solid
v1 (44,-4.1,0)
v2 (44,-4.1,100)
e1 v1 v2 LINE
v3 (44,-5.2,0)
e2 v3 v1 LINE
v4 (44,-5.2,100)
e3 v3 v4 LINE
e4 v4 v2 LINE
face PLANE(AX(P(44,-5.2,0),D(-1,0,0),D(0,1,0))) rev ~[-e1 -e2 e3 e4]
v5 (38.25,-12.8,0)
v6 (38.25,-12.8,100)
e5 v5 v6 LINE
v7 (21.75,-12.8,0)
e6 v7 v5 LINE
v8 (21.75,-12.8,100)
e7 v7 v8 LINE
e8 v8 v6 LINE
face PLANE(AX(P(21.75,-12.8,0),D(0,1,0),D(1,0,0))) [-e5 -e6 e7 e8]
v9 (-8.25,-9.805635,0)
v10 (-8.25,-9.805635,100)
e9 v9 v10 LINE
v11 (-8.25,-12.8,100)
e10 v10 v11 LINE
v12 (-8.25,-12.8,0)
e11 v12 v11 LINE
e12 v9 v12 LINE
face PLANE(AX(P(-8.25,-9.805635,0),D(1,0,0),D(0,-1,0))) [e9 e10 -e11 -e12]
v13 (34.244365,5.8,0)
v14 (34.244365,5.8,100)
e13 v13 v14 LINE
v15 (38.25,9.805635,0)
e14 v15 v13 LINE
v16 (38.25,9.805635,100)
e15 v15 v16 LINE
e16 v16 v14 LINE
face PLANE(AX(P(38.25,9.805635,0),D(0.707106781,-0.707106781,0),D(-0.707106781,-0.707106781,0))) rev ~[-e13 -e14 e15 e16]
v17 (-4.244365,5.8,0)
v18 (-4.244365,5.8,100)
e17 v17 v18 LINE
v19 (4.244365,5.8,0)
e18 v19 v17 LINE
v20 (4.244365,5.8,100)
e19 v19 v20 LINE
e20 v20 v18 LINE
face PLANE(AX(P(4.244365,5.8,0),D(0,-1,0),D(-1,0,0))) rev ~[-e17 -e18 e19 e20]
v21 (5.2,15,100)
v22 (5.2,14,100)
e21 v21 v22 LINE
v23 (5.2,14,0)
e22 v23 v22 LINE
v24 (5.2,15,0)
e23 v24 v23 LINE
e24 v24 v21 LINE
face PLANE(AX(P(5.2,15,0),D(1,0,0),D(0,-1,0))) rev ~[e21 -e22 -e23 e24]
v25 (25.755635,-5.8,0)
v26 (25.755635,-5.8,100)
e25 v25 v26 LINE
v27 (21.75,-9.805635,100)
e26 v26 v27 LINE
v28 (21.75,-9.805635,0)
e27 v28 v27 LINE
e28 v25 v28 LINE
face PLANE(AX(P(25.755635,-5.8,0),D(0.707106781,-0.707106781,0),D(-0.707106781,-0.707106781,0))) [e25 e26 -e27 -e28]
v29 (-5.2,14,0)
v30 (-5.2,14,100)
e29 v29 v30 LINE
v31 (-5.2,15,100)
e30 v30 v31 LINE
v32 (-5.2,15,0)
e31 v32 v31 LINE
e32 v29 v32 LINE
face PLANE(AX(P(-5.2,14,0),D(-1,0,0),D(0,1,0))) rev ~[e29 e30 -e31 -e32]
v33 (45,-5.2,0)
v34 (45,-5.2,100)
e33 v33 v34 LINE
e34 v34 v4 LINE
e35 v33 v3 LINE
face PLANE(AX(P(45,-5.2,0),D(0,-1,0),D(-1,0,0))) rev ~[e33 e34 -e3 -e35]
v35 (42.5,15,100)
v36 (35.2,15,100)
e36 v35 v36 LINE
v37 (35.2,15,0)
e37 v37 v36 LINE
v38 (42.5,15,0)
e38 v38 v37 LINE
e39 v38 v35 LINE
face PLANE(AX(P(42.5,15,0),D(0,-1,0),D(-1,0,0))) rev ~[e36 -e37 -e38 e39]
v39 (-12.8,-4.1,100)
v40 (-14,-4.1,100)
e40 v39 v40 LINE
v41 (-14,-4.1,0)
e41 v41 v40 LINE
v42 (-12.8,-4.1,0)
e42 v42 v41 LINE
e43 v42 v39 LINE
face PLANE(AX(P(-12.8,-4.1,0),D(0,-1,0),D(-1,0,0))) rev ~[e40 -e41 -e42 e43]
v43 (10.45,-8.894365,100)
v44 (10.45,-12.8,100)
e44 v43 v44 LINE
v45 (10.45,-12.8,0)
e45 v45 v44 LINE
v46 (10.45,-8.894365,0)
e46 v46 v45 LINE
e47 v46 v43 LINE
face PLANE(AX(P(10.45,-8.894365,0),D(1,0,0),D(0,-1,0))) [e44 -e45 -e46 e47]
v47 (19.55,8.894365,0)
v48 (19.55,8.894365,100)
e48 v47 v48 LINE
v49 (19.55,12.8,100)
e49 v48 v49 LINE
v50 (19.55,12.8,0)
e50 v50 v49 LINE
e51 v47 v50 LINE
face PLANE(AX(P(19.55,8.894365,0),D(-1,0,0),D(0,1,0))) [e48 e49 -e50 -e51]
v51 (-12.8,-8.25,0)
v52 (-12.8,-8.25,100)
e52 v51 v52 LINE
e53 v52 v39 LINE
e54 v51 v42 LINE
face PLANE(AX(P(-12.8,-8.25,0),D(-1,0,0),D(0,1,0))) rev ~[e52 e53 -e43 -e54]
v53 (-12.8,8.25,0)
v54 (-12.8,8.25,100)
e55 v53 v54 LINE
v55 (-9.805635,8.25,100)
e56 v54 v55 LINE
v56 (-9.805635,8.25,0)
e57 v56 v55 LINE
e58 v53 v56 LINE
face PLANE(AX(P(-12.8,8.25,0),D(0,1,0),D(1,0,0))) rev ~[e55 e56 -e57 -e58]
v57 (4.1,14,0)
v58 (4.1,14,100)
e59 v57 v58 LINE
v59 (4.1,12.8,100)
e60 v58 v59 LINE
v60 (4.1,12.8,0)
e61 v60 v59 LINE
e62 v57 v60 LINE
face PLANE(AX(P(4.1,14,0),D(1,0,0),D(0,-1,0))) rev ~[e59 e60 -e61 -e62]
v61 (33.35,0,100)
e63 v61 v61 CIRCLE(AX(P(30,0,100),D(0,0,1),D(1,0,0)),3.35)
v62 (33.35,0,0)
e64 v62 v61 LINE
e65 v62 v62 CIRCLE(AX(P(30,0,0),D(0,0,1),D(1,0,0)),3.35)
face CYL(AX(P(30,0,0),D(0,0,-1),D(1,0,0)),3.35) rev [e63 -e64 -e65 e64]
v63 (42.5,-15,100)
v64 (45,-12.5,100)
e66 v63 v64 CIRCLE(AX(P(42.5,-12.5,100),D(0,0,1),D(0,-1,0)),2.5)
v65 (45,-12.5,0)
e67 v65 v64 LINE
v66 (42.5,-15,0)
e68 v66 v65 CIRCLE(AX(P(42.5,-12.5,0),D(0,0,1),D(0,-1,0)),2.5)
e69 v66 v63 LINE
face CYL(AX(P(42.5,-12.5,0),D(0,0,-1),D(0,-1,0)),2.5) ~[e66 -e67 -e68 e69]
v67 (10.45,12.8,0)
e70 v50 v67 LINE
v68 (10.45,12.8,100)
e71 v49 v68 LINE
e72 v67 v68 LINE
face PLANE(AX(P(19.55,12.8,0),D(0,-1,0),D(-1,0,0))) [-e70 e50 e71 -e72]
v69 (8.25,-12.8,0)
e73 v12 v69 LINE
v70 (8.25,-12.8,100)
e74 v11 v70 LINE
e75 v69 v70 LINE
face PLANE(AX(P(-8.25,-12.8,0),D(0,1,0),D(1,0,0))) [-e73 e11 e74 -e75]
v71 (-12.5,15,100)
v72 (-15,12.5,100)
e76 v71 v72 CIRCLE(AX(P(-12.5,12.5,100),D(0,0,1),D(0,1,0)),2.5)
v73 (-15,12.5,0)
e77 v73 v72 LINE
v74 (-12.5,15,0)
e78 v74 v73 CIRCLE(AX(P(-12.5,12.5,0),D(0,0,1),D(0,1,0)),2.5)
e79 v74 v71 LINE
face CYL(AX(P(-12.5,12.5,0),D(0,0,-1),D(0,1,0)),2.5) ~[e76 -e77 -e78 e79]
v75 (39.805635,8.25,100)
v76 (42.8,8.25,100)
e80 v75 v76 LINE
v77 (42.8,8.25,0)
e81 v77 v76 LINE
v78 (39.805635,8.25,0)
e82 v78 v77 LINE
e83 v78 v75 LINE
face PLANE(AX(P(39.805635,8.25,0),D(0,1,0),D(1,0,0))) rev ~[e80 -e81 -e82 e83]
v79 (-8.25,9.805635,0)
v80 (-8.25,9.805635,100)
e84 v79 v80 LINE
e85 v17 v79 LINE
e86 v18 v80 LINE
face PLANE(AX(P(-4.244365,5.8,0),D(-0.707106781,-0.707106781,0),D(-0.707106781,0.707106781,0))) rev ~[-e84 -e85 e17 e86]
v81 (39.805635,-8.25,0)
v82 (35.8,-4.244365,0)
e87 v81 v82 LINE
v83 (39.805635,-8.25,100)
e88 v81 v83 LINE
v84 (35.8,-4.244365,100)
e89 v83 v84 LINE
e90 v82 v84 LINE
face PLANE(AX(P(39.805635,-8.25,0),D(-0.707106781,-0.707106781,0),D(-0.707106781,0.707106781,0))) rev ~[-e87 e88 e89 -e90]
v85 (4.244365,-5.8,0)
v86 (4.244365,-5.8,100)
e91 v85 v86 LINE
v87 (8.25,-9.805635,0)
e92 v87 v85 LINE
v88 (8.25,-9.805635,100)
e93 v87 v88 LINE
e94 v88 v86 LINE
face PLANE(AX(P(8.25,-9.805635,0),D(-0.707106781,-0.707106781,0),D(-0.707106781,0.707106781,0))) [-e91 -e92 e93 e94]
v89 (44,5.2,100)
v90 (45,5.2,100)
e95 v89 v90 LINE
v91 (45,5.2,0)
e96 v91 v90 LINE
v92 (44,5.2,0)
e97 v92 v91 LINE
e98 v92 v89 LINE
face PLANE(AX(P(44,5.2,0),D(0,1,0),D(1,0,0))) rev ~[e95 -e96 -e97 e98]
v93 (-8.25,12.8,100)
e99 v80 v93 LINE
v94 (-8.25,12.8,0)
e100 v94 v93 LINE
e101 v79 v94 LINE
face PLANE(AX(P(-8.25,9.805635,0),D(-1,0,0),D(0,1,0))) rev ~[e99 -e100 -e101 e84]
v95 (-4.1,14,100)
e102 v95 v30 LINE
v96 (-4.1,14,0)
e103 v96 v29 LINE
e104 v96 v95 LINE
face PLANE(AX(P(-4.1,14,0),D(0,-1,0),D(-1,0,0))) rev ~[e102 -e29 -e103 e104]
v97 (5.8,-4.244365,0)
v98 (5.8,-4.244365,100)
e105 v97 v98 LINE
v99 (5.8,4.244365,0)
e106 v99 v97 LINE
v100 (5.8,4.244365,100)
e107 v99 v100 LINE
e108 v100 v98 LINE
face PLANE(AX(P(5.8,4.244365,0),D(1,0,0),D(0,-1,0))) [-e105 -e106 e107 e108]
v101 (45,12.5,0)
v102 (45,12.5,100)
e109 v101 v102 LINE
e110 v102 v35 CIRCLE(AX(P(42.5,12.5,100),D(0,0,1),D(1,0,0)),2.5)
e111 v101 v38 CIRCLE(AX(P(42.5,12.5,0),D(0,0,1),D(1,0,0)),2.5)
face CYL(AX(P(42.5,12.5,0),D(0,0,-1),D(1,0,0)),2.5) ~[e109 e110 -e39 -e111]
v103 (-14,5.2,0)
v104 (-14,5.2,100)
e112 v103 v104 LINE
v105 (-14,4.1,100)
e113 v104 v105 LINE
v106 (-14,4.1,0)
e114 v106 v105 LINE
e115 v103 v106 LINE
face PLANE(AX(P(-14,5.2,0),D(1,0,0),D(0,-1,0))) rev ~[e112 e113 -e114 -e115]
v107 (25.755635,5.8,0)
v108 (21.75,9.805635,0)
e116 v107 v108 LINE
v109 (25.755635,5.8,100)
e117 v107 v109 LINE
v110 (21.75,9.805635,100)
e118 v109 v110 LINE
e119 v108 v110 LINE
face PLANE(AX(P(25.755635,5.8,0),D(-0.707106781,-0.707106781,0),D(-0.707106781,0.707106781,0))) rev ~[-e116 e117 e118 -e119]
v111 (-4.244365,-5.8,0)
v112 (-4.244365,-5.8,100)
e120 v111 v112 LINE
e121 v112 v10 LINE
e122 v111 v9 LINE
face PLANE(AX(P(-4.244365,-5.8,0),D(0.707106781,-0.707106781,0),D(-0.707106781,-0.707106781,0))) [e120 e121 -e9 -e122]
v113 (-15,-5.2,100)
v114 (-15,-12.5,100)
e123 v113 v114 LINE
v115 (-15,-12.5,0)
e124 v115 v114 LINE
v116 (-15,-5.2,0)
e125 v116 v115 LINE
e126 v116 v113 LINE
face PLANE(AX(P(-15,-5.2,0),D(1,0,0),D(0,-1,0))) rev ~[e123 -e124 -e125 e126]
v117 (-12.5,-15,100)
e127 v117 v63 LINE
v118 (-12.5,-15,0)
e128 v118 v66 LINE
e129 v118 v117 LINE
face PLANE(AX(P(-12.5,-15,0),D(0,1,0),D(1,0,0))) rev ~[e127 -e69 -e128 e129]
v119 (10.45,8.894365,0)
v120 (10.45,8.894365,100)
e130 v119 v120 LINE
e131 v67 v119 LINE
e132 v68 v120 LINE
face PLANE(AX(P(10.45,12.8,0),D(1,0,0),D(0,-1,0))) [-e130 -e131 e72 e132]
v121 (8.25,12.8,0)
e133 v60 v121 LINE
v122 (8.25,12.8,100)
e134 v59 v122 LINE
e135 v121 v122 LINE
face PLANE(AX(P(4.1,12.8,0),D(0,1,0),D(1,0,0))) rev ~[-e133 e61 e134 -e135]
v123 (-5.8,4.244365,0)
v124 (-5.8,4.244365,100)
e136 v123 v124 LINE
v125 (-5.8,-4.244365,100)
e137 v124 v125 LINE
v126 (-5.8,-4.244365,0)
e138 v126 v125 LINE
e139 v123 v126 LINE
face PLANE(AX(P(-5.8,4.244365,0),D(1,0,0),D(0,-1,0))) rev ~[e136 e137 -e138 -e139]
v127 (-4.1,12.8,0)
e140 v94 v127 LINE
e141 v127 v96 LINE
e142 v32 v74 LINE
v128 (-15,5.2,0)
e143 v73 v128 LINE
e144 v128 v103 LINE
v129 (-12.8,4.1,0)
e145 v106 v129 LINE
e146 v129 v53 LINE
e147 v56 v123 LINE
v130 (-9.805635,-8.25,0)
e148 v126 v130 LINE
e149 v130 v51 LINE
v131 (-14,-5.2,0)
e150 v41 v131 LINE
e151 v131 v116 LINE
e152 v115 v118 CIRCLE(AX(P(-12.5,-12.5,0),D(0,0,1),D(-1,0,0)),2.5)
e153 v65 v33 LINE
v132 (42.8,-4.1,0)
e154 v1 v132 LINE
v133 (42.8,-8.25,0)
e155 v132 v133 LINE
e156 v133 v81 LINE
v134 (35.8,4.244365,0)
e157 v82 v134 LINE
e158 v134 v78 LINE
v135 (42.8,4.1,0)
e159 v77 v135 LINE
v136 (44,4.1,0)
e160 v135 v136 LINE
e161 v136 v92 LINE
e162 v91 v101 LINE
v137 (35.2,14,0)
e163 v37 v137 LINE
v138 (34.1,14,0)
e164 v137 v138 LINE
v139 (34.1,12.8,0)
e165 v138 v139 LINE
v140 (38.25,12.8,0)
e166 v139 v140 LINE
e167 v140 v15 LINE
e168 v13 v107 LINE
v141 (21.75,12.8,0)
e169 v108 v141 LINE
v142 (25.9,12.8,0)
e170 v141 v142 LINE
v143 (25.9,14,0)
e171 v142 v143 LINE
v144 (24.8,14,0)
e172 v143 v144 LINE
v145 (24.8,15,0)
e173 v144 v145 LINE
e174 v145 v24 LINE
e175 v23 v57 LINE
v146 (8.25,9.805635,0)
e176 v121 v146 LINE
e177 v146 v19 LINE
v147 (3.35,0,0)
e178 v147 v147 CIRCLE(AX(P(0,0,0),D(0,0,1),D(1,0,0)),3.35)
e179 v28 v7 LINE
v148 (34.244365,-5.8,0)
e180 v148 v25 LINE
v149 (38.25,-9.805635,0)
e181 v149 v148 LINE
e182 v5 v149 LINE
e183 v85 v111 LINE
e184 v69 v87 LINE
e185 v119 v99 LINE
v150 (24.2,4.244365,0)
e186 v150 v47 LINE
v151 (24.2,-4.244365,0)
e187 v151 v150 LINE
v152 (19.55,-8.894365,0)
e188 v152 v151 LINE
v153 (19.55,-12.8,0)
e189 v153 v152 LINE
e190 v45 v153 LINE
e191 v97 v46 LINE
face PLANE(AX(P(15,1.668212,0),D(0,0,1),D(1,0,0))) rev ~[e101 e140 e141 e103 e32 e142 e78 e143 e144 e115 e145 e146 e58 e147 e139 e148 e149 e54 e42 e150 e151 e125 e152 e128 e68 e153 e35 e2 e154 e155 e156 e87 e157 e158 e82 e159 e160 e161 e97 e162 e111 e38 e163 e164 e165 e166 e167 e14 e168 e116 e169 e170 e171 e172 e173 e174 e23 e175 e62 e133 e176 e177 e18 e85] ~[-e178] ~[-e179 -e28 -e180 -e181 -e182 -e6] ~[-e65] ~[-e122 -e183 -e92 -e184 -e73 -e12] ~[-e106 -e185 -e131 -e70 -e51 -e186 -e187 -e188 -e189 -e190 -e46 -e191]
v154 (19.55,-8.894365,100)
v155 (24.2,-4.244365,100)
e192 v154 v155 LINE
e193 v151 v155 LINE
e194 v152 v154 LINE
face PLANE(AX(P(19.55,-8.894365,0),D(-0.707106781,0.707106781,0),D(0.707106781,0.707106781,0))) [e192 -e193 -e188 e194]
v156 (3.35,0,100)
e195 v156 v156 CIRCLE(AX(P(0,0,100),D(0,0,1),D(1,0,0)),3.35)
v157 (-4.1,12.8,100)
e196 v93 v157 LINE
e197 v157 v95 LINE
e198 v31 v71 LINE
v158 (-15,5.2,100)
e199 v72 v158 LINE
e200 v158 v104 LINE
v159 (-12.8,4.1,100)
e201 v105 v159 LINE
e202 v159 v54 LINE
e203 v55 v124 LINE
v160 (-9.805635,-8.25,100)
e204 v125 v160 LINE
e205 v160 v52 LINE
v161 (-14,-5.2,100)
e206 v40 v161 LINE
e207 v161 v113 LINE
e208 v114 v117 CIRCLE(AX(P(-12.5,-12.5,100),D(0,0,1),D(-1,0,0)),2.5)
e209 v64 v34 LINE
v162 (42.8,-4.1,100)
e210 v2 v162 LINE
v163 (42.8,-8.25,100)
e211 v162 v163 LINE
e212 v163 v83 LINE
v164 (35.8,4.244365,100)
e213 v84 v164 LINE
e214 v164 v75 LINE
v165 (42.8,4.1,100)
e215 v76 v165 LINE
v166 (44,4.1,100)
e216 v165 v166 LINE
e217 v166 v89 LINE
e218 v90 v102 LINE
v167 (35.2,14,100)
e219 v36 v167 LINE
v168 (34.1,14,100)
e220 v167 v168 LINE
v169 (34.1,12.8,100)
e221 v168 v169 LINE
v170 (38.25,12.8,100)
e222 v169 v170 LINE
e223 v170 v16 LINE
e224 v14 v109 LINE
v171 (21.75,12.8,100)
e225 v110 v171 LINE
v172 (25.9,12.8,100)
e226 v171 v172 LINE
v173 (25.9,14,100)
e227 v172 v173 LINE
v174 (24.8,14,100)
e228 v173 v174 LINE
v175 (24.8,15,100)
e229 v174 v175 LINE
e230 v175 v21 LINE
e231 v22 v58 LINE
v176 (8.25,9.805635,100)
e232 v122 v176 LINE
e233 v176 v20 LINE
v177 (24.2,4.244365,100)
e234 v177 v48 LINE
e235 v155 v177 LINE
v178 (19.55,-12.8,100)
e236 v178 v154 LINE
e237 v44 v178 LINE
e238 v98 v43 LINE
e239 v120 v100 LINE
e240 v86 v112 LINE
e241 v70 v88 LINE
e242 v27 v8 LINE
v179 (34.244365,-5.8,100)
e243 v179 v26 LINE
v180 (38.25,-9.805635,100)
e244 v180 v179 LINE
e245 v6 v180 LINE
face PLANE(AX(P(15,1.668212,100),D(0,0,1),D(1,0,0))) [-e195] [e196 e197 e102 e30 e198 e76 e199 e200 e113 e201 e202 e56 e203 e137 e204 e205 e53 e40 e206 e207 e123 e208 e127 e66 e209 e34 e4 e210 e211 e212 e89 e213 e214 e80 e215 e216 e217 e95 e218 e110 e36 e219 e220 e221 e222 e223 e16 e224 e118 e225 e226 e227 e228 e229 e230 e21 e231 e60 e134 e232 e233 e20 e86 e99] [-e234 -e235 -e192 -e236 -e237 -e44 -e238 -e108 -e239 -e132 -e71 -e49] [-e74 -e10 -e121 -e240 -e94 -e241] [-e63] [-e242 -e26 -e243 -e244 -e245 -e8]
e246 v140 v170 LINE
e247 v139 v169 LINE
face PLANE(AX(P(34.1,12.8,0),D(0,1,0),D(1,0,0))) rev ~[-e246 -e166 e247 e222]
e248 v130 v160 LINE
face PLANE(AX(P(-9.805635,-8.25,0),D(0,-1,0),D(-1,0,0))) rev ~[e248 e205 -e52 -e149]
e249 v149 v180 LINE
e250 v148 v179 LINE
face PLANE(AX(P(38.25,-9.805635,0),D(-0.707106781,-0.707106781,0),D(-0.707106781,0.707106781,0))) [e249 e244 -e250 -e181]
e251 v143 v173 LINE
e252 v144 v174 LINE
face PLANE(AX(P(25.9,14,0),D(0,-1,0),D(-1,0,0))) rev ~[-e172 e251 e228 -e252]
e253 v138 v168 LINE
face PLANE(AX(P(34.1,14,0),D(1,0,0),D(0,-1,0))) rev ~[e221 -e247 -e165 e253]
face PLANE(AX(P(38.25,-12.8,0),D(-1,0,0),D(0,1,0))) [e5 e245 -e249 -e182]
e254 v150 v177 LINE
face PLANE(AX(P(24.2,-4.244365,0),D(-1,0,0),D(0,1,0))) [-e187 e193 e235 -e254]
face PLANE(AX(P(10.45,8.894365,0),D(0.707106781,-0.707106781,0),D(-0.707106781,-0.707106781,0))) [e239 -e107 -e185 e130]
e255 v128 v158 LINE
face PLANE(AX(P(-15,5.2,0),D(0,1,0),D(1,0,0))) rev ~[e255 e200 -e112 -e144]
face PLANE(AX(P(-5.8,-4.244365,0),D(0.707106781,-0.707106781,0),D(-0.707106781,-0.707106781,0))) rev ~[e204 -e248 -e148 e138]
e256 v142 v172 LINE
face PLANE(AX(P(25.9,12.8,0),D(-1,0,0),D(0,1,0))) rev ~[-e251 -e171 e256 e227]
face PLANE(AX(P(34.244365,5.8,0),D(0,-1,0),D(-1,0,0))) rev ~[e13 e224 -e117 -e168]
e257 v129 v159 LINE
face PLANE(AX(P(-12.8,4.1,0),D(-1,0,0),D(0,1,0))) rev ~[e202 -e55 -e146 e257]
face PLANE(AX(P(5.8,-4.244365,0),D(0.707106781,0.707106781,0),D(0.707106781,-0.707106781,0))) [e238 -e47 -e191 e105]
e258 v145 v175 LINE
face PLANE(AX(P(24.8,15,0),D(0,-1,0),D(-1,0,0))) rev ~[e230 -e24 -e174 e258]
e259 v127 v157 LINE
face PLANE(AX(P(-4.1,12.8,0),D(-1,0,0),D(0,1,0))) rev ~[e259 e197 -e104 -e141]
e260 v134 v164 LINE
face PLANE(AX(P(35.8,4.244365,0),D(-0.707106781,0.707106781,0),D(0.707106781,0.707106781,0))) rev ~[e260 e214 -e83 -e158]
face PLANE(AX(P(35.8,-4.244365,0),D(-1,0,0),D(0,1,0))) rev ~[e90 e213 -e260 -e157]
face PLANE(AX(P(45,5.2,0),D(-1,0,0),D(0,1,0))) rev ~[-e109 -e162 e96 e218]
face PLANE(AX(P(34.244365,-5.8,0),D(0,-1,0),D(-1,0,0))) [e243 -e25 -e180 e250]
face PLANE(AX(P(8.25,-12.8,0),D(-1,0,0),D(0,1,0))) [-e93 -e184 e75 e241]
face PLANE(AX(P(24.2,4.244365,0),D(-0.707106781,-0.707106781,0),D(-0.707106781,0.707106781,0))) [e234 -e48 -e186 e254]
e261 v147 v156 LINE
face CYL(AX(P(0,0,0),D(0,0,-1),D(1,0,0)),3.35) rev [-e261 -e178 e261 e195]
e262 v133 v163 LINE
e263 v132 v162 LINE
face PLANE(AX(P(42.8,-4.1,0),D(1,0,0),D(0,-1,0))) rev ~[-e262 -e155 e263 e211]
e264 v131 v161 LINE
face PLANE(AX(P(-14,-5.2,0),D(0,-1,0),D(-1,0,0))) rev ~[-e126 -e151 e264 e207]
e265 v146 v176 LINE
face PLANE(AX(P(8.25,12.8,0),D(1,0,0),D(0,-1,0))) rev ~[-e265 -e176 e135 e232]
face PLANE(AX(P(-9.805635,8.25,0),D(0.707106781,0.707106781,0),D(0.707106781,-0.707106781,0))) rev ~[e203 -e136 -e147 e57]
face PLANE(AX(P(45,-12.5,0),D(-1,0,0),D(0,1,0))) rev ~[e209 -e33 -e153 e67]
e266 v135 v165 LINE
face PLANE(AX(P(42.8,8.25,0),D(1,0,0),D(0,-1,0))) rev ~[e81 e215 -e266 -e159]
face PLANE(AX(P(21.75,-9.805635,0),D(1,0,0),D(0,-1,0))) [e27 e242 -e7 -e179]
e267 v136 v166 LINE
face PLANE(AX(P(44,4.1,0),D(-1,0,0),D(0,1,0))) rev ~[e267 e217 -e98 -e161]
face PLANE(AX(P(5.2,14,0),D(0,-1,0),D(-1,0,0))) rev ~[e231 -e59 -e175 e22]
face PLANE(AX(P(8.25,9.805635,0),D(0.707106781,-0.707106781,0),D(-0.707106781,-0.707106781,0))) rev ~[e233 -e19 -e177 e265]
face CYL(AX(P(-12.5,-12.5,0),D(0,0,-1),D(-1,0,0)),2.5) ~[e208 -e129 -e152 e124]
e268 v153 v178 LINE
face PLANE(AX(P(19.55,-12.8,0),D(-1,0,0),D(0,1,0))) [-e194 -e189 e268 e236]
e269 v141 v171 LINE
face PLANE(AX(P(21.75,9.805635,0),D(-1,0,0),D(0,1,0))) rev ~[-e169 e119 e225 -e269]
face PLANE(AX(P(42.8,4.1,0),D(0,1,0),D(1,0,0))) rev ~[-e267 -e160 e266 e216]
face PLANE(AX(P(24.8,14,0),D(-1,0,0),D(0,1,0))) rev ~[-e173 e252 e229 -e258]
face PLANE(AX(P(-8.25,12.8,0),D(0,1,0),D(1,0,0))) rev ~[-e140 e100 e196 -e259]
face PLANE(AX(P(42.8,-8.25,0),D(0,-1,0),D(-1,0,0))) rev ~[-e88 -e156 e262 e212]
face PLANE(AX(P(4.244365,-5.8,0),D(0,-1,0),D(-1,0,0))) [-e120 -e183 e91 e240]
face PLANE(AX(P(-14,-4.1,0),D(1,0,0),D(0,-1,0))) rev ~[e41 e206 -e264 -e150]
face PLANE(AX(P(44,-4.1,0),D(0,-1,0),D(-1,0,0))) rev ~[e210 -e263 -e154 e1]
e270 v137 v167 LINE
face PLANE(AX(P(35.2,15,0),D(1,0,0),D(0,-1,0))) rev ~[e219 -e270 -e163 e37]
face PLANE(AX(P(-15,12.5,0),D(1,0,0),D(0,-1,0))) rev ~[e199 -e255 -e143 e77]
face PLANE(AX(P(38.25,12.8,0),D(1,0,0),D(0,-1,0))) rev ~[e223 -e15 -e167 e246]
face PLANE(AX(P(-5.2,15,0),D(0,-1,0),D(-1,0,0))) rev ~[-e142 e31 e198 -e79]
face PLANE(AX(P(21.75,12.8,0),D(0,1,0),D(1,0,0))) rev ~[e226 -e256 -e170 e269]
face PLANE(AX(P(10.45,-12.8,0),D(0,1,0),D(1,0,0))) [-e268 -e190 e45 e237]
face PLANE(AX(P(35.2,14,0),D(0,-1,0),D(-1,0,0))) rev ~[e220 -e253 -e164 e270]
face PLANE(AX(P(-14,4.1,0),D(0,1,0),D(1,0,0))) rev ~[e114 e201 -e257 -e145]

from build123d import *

# Parameters (mm, degrees)
SKETCH_1_R      = 3.35
EXTRUDE_1_DEPTH = 100


with BuildPart() as part:
    # 草图1 → 凸台-拉伸1 (new body)
    with BuildSketch(Plane.XY):
        with BuildLine():
            Line((-5.8, -4.244365081), (-9.805634919, -8.25))
            Line((-9.805634919, -8.25), (-12.8, -8.25))
            Line((-12.8, -8.25), (-12.8, -4.1))
            Line((-12.8, -4.1), (-14, -4.1))
            Line((-14, -4.1), (-14, -5.2))
            Line((-14, -5.2), (-15, -5.2))
            Line((-15, -5.2), (-15, -12.5))
            ThreePointArc((-15, -12.5), (-14.267766953, -14.267766953), (-12.5, -15))
            Line((-12.5, -15), (42.5, -15))
            ThreePointArc((42.5, -15), (44.267766953, -14.267766953), (45, -12.5))
            Line((45, -12.5), (45, -5.2))
            Line((45, -5.2), (44, -5.2))
            Line((44, -5.2), (44, -4.1))
            Line((44, -4.1), (42.8, -4.1))
            Line((42.8, -4.1), (42.8, -8.25))
            Line((42.8, -8.25), (39.805634919, -8.25))
            Line((39.805634919, -8.25), (35.8, -4.244365081))
            Line((35.8, -4.244365081), (35.8, 4.244365081))
            Line((35.8, 4.244365081), (39.805634919, 8.25))
            Line((39.805634919, 8.25), (42.8, 8.25))
            Line((42.8, 8.25), (42.8, 4.1))
            Line((42.8, 4.1), (44, 4.1))
            Line((44, 4.1), (44, 5.2))
            Line((44, 5.2), (45, 5.2))
            Line((45, 5.2), (45, 12.5))
            ThreePointArc((45, 12.5), (44.267766953, 14.267766953), (42.5, 15))
            Line((42.5, 15), (35.2, 15))
            Line((35.2, 15), (35.2, 14))
            Line((35.2, 14), (34.1, 14))
            Line((34.1, 14), (34.1, 12.8))
            Line((34.1, 12.8), (38.25, 12.8))
            Line((38.25, 12.8), (38.25, 9.805634919))
            Line((38.25, 9.805634919), (34.244365081, 5.8))
            Line((34.244365081, 5.8), (25.755634919, 5.8))
            Line((25.755634919, 5.8), (21.75, 9.805634919))
            Line((21.75, 9.805634919), (21.75, 12.8))
            Line((21.75, 12.8), (25.9, 12.8))
            Line((25.9, 12.8), (25.9, 14))
            Line((25.9, 14), (24.8, 14))
            Line((24.8, 14), (24.8, 15))
            Line((24.8, 15), (5.2, 15))
            Line((5.2, 15), (5.2, 14))
            Line((5.2, 14), (4.1, 14))
            Line((4.1, 14), (4.1, 12.8))
            Line((4.1, 12.8), (8.25, 12.8))
            Line((8.25, 12.8), (8.25, 9.805634919))
            Line((8.25, 9.805634919), (4.244365081, 5.8))
            Line((4.244365081, 5.8), (-4.244365081, 5.8))
            Line((-4.244365081, 5.8), (-8.25, 9.805634919))
            Line((-8.25, 9.805634919), (-8.25, 12.8))
            Line((-8.25, 12.8), (-4.1, 12.8))
            Line((-4.1, 12.8), (-4.1, 14))
            Line((-4.1, 14), (-5.2, 14))
            Line((-5.2, 14), (-5.2, 15))
            Line((-5.2, 15), (-12.5, 15))
            ThreePointArc((-12.5, 15), (-14.267766953, 14.267766953), (-15, 12.5))
            Line((-15, 12.5), (-15, 5.2))
            Line((-15, 5.2), (-14, 5.2))
            Line((-14, 5.2), (-14, 4.1))
            Line((-14, 4.1), (-12.8, 4.1))
            Line((-12.8, 4.1), (-12.8, 8.25))
            Line((-12.8, 8.25), (-9.805634919, 8.25))
            Line((-9.805634919, 8.25), (-5.8, 4.244365081))
            Line((-5.8, 4.244365081), (-5.8, -4.244365081))
        make_face()
        with Locations((30, 0)):
            Circle(SKETCH_1_R, mode=Mode.SUBTRACT)
        Circle(SKETCH_1_R, mode=Mode.SUBTRACT)
        Polygon((38.25, -9.805634919), (34.244365081, -5.8), (25.755634919, -5.8), (21.75, -9.805634919), (21.75, -12.8), (38.25, -12.8), align=None, mode=Mode.SUBTRACT)
        Polygon((8.25, -9.805634919), (4.244365081, -5.8), (-4.244365081, -5.8), (-8.25, -9.805634919), (-8.25, -12.8), (8.25, -12.8), align=None, mode=Mode.SUBTRACT)
        Polygon((19.55, 12.8), (10.45, 12.8), (10.45, 8.894365081), (5.8, 4.244365081), (5.8, -4.244365081), (10.45, -8.894365081), (10.45, -12.8), (19.55, -12.8), (19.55, -8.894365081), (24.2, -4.244365081), (24.2, 4.244365081), (19.55, 8.894365081), align=None, mode=Mode.SUBTRACT)
    extrude(amount=EXTRUDE_1_DEPTH)


solid = part.part
